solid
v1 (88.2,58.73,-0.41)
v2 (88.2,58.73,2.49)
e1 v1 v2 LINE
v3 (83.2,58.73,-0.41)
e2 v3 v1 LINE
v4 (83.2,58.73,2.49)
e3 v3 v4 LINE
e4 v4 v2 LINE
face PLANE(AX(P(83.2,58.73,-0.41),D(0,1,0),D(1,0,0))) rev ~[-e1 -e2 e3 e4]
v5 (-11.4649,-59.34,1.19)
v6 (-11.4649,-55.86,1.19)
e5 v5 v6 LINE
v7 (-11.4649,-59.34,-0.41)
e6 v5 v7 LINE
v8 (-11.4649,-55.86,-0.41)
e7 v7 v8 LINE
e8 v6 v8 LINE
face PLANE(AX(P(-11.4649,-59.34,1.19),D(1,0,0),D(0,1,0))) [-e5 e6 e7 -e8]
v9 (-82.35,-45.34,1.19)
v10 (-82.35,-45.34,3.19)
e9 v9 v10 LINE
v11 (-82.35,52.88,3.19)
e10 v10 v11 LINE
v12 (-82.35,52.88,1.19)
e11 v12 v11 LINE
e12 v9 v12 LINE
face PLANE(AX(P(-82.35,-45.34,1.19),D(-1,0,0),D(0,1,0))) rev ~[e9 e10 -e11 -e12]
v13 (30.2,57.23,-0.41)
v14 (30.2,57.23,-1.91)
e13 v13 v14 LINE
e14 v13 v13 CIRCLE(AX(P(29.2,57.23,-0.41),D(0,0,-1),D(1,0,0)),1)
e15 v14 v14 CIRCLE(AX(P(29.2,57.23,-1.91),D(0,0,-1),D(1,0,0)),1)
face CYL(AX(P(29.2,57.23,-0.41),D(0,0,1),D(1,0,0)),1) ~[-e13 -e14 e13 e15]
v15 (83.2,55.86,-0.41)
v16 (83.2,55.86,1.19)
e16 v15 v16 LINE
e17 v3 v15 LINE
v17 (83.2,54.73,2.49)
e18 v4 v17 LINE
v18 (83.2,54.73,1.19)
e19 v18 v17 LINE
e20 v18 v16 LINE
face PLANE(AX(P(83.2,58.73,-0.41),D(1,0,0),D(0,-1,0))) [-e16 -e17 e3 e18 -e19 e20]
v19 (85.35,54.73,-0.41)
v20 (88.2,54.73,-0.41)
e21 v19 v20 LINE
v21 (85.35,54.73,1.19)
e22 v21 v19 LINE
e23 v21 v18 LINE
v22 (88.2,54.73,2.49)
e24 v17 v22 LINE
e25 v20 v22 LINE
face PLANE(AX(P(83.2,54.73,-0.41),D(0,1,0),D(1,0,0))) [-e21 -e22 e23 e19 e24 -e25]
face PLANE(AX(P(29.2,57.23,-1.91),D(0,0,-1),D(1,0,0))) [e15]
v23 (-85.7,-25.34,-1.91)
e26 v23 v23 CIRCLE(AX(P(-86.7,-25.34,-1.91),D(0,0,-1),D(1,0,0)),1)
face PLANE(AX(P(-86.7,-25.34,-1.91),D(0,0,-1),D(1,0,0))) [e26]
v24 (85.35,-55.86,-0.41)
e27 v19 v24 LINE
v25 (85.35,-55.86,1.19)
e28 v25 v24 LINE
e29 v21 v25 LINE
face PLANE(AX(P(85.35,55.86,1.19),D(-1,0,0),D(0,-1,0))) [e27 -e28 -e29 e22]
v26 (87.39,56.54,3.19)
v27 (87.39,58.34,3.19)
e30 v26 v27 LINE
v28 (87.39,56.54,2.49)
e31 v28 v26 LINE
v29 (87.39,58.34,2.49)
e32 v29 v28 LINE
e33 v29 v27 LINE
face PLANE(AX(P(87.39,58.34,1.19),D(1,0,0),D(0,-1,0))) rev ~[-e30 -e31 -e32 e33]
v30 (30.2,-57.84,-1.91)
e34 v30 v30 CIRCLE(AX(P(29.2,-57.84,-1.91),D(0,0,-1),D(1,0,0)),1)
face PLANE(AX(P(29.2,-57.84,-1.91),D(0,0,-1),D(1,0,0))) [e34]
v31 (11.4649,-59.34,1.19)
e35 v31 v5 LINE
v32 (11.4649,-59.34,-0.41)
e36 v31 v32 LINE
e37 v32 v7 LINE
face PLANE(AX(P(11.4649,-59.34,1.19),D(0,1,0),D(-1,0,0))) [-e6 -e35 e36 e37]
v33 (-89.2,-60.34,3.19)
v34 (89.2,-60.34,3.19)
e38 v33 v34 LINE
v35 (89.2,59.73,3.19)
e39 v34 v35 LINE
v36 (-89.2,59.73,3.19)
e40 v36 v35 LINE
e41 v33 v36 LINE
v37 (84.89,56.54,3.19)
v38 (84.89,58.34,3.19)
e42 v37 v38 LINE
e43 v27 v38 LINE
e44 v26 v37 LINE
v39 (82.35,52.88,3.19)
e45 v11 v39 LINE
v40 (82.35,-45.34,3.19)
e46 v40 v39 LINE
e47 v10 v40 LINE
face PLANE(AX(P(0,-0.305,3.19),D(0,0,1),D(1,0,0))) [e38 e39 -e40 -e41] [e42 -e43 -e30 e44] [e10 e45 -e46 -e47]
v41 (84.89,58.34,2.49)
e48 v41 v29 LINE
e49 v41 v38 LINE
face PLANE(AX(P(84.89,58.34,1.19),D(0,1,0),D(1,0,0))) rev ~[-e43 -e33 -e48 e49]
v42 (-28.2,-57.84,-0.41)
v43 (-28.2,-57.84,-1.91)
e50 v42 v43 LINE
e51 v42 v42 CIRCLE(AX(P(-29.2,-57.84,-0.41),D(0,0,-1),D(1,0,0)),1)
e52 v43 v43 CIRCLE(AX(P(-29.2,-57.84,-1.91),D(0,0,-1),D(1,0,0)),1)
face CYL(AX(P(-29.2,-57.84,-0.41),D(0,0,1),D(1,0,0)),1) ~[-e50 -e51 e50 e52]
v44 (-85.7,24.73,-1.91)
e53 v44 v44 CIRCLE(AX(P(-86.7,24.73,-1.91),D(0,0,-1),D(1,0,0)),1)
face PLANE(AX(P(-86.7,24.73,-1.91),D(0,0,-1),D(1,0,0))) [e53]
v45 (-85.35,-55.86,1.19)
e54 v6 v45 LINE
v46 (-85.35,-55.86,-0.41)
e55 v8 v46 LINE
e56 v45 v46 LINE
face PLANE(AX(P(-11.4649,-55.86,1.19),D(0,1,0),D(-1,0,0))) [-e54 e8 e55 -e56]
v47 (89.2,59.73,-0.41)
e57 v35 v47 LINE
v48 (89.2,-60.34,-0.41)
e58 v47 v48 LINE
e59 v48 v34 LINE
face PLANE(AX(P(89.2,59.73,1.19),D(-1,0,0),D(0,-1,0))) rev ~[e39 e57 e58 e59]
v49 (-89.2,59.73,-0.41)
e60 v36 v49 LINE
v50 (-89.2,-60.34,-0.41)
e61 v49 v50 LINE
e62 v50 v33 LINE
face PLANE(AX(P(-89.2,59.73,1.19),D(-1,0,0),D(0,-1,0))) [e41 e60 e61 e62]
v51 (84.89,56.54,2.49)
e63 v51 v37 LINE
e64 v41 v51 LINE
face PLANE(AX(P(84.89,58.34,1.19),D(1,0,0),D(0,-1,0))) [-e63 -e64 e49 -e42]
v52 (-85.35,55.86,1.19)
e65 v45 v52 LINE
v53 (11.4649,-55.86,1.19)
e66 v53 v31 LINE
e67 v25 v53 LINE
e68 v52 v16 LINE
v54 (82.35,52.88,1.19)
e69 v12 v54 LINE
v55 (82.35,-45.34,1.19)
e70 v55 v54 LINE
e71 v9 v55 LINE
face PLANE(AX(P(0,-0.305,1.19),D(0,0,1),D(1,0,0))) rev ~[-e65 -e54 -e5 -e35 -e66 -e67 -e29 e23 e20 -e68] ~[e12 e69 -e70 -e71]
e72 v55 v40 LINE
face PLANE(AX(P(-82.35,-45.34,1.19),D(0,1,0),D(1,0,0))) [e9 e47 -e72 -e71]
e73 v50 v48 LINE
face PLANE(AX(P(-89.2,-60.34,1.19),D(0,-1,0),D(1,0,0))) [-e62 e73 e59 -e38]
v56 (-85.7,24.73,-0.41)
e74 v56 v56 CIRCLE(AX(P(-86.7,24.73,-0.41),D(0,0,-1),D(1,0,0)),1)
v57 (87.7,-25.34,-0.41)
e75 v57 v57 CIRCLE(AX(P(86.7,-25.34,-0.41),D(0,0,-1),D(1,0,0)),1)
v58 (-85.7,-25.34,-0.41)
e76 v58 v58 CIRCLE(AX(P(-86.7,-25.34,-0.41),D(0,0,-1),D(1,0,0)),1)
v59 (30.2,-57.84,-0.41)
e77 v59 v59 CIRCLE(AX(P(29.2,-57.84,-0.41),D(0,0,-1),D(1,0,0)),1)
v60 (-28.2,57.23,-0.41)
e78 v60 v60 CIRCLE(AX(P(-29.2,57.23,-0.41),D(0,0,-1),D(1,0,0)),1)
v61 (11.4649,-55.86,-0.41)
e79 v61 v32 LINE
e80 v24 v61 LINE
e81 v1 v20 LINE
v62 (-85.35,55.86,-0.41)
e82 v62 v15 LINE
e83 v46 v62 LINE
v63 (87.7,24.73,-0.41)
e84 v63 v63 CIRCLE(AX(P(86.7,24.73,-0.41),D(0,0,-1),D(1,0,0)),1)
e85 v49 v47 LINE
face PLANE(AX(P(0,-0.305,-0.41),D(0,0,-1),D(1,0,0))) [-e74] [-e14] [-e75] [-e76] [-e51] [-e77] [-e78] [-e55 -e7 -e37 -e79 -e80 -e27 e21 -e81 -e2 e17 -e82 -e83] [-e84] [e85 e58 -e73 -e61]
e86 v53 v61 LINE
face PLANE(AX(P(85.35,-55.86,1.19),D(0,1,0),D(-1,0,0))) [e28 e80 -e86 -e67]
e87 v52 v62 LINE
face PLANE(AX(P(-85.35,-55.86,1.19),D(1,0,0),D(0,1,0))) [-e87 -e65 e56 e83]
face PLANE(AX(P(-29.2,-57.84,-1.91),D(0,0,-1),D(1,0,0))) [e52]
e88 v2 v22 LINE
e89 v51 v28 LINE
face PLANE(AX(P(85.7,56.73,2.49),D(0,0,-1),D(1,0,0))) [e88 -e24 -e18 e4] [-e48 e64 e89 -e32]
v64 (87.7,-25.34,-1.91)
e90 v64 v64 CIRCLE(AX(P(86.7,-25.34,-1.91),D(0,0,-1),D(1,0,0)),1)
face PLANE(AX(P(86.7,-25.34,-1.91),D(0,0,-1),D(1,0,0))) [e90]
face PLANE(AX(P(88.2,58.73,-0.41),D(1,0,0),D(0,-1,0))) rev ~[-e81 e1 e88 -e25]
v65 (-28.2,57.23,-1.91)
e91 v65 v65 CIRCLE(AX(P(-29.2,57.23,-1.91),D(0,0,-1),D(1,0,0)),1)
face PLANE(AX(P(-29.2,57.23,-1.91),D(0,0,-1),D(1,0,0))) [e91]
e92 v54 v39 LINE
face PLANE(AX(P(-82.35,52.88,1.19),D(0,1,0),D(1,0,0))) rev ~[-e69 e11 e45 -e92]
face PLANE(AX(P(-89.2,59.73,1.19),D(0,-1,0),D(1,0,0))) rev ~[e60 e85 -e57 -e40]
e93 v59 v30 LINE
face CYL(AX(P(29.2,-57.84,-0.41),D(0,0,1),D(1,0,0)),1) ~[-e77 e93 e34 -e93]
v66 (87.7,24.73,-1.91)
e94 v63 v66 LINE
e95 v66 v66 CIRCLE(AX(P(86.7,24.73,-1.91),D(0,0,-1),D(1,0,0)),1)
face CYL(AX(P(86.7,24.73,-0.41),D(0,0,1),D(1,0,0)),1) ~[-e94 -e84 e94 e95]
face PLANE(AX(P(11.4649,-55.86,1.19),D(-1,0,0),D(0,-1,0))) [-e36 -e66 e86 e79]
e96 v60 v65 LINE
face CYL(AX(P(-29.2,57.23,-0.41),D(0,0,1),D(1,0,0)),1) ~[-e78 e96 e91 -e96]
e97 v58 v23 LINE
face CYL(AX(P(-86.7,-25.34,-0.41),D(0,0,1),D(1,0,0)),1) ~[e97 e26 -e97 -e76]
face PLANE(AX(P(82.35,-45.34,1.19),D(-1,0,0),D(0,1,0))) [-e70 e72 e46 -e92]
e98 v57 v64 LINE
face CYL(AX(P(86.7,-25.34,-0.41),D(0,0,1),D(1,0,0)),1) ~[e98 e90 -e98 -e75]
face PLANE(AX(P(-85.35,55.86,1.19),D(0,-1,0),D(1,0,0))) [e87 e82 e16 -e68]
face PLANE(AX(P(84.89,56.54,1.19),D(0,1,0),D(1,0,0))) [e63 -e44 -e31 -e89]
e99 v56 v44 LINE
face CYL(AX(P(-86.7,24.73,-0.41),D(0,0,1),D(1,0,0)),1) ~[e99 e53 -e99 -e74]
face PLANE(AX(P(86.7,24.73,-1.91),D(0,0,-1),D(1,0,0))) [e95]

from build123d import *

# Parameters (mm, degrees)
SKETCH001_W     = 178.4
SKETCH001_H     = 120.07
SKETCH001_W_2   = 164.7
SKETCH001_H_2   = 98.22
PAD_DEPTH       = 2
SKETCH_W        = 178.4
SKETCH_H        = 120.07
PAD001_DEPTH    = 1.6
SKETCH009_W     = 5
SKETCH009_H     = 4
POCKET_DEPTH    = 2.9
SKETCH010_W     = 2.5
SKETCH010_H     = 1.8
POCKET001_DEPTH = 5
SKETCH011_R     = 1
PAD009_DEPTH    = 1.5


with BuildPart() as part:
    # Sketch001 (on Face45 of Binder) → Pad (new body)
    with BuildSketch(Plane.XY.offset(1.19)):
        with Locations((0, -0.305)):
            Rectangle(SKETCH001_W, SKETCH001_H)
        with Locations((0, 3.77)):
            Rectangle(SKETCH001_W_2, SKETCH001_H_2, mode=Mode.SUBTRACT)
    extrude(amount=PAD_DEPTH)

    # Sketch (on Face9 of Pad) → Pad001 (join)
    with BuildSketch(Plane(origin=(0, 0, 1.19), x_dir=(1, 0, 0), z_dir=(0, 0, -1))):
        with Locations((0, 0.305)):
            Rectangle(SKETCH_W, SKETCH_H)
        Polygon((-85.35, 55.86), (-85.35, -55.86), (85.35, -55.86), (85.35, 55.86), (11.4649, 55.86), (11.4649, 59.34), (-11.4649, 59.34), (-11.4649, 55.86), align=None, mode=Mode.SUBTRACT)
    extrude(amount=PAD001_DEPTH)

    # Sketch009 (on Face1 of Pad001) → Pocket (cut)
    with BuildSketch(Plane(origin=(0, 0, -0.41), x_dir=(1, 0, 0), z_dir=(0, 0, -1))):
        with Locations((85.7, -56.73)):
            Rectangle(SKETCH009_W, SKETCH009_H)
    extrude(amount=-POCKET_DEPTH, mode=Mode.SUBTRACT)

    # Sketch010 (on Face19 of Pocket) → Pocket001 (cut)
    with BuildSketch(Plane(origin=(0, 0, 1.19), x_dir=(1, 0, 0), z_dir=(0, 0, -1))):
        with Locations((86.14, -57.44)):
            Rectangle(SKETCH010_W, SKETCH010_H)
    extrude(amount=-POCKET001_DEPTH, mode=Mode.SUBTRACT)

    # Sketch011 (on Face1 of Pocket001) → Pad009 (join)
    with BuildSketch(Plane(origin=(0, 0, -0.41), x_dir=(1, 0, 0), z_dir=(0, 0, -1))):
        with Locations((-29.2, 57.84)):
            Circle(SKETCH011_R)
        with Locations((29.2, 57.84)):
            Circle(SKETCH011_R)
        with Locations((-29.2, -57.23)):
            Circle(SKETCH011_R)
        with Locations((29.2, -57.23)):
            Circle(SKETCH011_R)
        with Locations((-86.7, -24.73)):
            Circle(SKETCH011_R)
        with Locations((-86.7, 25.34)):
            Circle(SKETCH011_R)
        with Locations((86.7, 25.34)):
            Circle(SKETCH011_R)
        with Locations((86.7, -24.73)):
            Circle(SKETCH011_R)
    extrude(amount=PAD009_DEPTH)


solid = part.part
